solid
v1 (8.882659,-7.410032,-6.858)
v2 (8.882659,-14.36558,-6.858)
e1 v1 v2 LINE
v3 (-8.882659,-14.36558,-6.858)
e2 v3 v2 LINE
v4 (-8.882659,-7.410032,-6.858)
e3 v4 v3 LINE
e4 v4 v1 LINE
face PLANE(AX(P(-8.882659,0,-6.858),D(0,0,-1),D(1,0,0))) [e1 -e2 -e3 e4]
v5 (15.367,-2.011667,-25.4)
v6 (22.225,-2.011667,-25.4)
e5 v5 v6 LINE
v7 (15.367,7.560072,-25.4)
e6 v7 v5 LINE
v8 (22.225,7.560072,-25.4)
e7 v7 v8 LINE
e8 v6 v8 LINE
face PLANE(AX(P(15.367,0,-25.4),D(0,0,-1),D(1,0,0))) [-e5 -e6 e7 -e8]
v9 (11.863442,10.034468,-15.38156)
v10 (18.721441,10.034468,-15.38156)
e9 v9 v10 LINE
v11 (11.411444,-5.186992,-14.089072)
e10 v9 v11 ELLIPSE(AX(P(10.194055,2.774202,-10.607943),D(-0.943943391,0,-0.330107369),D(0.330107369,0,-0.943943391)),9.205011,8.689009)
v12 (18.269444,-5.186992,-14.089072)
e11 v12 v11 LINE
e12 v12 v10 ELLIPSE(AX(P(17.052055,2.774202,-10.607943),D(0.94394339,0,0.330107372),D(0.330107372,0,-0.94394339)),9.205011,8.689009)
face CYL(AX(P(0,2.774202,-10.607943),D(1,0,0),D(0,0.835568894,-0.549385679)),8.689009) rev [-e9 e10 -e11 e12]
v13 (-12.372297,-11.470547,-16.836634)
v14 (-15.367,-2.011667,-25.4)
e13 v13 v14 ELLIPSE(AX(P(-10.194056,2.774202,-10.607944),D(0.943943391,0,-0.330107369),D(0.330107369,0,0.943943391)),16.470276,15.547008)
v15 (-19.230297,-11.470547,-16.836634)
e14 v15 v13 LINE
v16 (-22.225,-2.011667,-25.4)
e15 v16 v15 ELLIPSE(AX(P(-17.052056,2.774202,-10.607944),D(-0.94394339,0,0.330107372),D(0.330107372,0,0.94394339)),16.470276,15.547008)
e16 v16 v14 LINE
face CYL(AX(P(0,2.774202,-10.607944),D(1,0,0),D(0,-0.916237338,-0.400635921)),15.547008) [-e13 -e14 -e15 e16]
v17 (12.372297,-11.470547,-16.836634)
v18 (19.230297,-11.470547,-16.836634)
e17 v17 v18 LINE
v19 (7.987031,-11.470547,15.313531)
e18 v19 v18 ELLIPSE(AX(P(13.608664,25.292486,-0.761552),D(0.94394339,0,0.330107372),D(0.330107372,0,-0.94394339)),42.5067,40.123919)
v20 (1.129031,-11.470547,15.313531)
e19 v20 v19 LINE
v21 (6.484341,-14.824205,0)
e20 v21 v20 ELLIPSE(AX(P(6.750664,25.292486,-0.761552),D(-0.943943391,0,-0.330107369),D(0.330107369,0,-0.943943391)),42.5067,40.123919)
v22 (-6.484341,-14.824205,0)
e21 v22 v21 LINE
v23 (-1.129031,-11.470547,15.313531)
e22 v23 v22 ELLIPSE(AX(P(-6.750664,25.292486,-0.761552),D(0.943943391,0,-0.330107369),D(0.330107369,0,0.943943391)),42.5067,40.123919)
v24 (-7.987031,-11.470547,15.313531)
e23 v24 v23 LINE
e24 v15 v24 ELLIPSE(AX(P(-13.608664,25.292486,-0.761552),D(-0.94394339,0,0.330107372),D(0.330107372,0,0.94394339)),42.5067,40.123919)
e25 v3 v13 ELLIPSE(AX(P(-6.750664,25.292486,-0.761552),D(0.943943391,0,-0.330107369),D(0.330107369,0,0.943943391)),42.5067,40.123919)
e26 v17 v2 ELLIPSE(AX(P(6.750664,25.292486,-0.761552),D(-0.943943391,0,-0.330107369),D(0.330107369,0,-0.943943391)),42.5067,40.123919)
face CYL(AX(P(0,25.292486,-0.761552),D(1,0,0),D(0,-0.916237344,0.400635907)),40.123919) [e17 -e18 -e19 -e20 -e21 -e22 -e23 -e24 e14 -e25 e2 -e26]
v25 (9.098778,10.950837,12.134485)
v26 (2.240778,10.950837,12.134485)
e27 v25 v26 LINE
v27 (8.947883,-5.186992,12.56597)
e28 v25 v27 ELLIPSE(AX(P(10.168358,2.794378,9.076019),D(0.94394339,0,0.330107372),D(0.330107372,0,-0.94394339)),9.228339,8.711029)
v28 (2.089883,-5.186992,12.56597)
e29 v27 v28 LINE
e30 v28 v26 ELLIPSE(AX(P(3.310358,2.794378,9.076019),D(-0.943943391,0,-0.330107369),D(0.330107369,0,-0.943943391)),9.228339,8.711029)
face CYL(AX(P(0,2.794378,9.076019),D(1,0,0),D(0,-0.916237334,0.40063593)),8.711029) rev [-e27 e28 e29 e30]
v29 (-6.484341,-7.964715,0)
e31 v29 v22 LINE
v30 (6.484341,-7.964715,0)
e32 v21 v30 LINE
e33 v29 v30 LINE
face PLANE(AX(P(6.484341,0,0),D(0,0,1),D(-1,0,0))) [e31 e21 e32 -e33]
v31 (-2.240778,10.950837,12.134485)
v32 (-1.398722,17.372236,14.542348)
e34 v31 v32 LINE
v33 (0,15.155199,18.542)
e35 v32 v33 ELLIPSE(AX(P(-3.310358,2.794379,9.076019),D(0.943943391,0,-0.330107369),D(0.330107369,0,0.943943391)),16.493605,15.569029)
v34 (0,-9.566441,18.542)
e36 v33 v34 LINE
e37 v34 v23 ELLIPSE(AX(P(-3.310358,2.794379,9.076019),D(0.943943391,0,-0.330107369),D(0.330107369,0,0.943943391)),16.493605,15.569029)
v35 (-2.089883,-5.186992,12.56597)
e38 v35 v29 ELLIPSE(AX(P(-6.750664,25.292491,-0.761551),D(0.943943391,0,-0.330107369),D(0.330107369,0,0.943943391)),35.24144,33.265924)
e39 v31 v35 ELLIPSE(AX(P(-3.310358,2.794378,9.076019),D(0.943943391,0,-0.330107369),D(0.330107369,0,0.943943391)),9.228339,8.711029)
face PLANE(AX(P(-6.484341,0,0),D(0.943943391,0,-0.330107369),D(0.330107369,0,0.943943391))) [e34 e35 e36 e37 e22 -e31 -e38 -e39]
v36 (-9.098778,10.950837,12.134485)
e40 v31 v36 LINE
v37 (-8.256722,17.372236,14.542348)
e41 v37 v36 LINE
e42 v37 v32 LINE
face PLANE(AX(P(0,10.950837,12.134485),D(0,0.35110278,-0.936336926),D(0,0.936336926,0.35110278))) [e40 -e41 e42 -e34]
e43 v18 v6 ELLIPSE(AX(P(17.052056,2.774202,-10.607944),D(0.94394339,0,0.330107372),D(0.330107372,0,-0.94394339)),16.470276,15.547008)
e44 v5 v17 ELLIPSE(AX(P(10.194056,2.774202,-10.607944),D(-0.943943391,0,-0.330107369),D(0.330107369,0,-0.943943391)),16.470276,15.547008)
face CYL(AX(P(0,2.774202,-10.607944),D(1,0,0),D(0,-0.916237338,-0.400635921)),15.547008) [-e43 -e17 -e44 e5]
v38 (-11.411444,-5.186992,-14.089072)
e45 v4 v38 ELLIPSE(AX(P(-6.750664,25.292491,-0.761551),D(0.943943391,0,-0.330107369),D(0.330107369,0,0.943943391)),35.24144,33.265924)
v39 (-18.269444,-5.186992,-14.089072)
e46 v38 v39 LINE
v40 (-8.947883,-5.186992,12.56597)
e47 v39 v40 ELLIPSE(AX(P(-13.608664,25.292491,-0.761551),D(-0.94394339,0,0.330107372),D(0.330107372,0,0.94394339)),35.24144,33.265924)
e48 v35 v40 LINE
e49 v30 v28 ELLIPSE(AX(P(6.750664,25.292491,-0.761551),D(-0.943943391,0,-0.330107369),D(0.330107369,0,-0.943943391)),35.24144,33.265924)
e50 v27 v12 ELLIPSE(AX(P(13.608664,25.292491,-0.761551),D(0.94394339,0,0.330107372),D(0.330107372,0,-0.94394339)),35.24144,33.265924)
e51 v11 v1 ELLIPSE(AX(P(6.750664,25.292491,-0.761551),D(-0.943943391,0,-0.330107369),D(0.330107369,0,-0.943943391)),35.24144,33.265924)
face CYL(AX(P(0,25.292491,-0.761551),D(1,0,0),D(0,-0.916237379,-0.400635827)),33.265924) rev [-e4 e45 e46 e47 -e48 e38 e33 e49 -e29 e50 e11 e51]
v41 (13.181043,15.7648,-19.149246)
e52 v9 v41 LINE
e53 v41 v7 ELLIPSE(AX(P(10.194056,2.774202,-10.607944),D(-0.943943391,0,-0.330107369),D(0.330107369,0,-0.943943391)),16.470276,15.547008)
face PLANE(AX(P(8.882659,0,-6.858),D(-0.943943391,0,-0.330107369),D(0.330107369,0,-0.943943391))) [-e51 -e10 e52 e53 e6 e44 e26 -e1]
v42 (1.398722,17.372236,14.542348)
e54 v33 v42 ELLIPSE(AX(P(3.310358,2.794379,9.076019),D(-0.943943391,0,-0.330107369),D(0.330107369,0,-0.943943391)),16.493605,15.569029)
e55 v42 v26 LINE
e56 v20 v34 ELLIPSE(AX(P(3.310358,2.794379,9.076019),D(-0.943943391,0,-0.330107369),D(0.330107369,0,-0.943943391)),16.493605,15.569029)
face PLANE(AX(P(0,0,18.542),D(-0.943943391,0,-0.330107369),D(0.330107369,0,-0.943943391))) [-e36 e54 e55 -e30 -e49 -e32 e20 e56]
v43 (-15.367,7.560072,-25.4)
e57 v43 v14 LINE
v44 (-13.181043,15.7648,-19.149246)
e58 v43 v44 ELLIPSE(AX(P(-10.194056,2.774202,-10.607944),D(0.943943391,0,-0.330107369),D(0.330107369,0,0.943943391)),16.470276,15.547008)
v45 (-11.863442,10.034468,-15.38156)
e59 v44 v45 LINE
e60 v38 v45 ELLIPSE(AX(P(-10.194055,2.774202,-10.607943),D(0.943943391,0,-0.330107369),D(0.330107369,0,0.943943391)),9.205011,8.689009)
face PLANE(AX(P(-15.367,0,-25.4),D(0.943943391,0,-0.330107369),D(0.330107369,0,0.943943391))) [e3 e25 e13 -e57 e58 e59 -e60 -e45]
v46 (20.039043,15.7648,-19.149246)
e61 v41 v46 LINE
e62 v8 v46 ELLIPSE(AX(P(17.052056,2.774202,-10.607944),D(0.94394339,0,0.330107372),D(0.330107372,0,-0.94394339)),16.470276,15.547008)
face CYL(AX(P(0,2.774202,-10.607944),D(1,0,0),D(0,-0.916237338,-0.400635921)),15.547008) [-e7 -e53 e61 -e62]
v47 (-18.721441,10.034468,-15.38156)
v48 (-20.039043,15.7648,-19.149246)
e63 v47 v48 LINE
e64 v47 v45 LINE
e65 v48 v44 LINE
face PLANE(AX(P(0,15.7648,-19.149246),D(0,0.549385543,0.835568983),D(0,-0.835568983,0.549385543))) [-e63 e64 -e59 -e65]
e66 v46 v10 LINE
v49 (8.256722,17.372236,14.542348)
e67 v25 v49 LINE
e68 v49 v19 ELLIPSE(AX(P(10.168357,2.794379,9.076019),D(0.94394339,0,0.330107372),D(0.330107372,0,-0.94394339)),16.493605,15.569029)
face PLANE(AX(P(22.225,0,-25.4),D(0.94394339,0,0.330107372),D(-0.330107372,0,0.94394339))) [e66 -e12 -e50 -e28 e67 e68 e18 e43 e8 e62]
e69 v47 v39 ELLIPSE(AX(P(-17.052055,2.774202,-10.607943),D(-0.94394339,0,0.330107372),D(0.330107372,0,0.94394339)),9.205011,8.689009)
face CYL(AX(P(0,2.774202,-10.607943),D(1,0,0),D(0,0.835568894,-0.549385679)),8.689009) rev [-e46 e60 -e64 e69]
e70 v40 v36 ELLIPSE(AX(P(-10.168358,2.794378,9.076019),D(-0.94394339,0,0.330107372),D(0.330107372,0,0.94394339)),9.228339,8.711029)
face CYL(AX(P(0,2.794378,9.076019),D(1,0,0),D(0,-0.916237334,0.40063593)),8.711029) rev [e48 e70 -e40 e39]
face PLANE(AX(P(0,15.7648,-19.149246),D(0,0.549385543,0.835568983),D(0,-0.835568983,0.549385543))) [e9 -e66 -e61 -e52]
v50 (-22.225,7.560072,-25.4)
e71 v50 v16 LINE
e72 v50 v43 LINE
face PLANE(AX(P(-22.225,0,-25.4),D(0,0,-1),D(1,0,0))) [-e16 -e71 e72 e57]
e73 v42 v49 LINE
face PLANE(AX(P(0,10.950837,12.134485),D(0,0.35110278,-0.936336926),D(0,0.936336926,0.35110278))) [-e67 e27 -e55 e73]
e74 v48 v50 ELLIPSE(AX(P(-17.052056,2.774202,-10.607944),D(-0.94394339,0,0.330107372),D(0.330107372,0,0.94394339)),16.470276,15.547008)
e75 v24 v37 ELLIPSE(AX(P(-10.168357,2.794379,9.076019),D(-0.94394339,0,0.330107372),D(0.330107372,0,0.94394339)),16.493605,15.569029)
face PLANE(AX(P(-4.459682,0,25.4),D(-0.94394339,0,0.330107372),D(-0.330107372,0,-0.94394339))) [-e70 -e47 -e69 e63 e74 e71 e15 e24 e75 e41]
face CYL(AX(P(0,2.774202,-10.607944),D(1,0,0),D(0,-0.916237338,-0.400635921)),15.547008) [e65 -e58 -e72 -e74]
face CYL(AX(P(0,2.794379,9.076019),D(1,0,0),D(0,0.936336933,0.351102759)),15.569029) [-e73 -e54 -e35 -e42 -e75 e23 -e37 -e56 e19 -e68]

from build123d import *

# Parameters (mm, degrees)
F2_DEPTH = 25.4
F3_DEPTH = 25.4


with BuildPart() as f2:
    # F0 (on Front) → F2 (new body, symmetric)
    with BuildSketch(Plane.XZ):
        Polygon((-4.459682, 25.4), (-22.225, -25.4), (-15.367, -25.4), (-8.882659, -6.858), (0, -6.858), (8.882659, -6.858), (15.367, -25.4), (22.225, -25.4), (4.459682, 25.4), (0, 25.4), align=None)
        Polygon((-6.484341, 0), (0, 18.542), (6.484341, 0), (0, 0), align=None, mode=Mode.SUBTRACT)
    extrude(amount=F2_DEPTH, both=True)

    # F1 (on Right) → F3 (intersect, symmetric)
    with BuildSketch(Plane.YZ):
        with BuildLine():
            Line((10.950837, 12.134485), (17.372236, 14.542348))
            ThreePointArc((17.372236, 14.542348), (3.210506, 24.639486), (-11.470547, 15.313531))
            ThreePointArc((-11.470547, 15.313531), (-14.831433, -0.761551), (-11.470547, -16.836634))
            ThreePointArc((-11.470547, -16.836634), (1.458806, -26.099206), (15.7648, -19.149246))
            Line((15.7648, -19.149246), (10.034468, -15.38156))
            ThreePointArc((10.034468, -15.38156), (2.039045, -19.265796), (-5.186992, -14.089072))
            ThreePointArc((-5.186992, -14.089072), (-7.973433, -0.761551), (-5.186992, 12.56597))
            ThreePointArc((-5.186992, 12.56597), (3.027206, 17.783936), (10.950837, 12.134485))
        make_face()
    extrude(amount=F3_DEPTH, both=True, mode=Mode.INTERSECT)


solid = f2.part
